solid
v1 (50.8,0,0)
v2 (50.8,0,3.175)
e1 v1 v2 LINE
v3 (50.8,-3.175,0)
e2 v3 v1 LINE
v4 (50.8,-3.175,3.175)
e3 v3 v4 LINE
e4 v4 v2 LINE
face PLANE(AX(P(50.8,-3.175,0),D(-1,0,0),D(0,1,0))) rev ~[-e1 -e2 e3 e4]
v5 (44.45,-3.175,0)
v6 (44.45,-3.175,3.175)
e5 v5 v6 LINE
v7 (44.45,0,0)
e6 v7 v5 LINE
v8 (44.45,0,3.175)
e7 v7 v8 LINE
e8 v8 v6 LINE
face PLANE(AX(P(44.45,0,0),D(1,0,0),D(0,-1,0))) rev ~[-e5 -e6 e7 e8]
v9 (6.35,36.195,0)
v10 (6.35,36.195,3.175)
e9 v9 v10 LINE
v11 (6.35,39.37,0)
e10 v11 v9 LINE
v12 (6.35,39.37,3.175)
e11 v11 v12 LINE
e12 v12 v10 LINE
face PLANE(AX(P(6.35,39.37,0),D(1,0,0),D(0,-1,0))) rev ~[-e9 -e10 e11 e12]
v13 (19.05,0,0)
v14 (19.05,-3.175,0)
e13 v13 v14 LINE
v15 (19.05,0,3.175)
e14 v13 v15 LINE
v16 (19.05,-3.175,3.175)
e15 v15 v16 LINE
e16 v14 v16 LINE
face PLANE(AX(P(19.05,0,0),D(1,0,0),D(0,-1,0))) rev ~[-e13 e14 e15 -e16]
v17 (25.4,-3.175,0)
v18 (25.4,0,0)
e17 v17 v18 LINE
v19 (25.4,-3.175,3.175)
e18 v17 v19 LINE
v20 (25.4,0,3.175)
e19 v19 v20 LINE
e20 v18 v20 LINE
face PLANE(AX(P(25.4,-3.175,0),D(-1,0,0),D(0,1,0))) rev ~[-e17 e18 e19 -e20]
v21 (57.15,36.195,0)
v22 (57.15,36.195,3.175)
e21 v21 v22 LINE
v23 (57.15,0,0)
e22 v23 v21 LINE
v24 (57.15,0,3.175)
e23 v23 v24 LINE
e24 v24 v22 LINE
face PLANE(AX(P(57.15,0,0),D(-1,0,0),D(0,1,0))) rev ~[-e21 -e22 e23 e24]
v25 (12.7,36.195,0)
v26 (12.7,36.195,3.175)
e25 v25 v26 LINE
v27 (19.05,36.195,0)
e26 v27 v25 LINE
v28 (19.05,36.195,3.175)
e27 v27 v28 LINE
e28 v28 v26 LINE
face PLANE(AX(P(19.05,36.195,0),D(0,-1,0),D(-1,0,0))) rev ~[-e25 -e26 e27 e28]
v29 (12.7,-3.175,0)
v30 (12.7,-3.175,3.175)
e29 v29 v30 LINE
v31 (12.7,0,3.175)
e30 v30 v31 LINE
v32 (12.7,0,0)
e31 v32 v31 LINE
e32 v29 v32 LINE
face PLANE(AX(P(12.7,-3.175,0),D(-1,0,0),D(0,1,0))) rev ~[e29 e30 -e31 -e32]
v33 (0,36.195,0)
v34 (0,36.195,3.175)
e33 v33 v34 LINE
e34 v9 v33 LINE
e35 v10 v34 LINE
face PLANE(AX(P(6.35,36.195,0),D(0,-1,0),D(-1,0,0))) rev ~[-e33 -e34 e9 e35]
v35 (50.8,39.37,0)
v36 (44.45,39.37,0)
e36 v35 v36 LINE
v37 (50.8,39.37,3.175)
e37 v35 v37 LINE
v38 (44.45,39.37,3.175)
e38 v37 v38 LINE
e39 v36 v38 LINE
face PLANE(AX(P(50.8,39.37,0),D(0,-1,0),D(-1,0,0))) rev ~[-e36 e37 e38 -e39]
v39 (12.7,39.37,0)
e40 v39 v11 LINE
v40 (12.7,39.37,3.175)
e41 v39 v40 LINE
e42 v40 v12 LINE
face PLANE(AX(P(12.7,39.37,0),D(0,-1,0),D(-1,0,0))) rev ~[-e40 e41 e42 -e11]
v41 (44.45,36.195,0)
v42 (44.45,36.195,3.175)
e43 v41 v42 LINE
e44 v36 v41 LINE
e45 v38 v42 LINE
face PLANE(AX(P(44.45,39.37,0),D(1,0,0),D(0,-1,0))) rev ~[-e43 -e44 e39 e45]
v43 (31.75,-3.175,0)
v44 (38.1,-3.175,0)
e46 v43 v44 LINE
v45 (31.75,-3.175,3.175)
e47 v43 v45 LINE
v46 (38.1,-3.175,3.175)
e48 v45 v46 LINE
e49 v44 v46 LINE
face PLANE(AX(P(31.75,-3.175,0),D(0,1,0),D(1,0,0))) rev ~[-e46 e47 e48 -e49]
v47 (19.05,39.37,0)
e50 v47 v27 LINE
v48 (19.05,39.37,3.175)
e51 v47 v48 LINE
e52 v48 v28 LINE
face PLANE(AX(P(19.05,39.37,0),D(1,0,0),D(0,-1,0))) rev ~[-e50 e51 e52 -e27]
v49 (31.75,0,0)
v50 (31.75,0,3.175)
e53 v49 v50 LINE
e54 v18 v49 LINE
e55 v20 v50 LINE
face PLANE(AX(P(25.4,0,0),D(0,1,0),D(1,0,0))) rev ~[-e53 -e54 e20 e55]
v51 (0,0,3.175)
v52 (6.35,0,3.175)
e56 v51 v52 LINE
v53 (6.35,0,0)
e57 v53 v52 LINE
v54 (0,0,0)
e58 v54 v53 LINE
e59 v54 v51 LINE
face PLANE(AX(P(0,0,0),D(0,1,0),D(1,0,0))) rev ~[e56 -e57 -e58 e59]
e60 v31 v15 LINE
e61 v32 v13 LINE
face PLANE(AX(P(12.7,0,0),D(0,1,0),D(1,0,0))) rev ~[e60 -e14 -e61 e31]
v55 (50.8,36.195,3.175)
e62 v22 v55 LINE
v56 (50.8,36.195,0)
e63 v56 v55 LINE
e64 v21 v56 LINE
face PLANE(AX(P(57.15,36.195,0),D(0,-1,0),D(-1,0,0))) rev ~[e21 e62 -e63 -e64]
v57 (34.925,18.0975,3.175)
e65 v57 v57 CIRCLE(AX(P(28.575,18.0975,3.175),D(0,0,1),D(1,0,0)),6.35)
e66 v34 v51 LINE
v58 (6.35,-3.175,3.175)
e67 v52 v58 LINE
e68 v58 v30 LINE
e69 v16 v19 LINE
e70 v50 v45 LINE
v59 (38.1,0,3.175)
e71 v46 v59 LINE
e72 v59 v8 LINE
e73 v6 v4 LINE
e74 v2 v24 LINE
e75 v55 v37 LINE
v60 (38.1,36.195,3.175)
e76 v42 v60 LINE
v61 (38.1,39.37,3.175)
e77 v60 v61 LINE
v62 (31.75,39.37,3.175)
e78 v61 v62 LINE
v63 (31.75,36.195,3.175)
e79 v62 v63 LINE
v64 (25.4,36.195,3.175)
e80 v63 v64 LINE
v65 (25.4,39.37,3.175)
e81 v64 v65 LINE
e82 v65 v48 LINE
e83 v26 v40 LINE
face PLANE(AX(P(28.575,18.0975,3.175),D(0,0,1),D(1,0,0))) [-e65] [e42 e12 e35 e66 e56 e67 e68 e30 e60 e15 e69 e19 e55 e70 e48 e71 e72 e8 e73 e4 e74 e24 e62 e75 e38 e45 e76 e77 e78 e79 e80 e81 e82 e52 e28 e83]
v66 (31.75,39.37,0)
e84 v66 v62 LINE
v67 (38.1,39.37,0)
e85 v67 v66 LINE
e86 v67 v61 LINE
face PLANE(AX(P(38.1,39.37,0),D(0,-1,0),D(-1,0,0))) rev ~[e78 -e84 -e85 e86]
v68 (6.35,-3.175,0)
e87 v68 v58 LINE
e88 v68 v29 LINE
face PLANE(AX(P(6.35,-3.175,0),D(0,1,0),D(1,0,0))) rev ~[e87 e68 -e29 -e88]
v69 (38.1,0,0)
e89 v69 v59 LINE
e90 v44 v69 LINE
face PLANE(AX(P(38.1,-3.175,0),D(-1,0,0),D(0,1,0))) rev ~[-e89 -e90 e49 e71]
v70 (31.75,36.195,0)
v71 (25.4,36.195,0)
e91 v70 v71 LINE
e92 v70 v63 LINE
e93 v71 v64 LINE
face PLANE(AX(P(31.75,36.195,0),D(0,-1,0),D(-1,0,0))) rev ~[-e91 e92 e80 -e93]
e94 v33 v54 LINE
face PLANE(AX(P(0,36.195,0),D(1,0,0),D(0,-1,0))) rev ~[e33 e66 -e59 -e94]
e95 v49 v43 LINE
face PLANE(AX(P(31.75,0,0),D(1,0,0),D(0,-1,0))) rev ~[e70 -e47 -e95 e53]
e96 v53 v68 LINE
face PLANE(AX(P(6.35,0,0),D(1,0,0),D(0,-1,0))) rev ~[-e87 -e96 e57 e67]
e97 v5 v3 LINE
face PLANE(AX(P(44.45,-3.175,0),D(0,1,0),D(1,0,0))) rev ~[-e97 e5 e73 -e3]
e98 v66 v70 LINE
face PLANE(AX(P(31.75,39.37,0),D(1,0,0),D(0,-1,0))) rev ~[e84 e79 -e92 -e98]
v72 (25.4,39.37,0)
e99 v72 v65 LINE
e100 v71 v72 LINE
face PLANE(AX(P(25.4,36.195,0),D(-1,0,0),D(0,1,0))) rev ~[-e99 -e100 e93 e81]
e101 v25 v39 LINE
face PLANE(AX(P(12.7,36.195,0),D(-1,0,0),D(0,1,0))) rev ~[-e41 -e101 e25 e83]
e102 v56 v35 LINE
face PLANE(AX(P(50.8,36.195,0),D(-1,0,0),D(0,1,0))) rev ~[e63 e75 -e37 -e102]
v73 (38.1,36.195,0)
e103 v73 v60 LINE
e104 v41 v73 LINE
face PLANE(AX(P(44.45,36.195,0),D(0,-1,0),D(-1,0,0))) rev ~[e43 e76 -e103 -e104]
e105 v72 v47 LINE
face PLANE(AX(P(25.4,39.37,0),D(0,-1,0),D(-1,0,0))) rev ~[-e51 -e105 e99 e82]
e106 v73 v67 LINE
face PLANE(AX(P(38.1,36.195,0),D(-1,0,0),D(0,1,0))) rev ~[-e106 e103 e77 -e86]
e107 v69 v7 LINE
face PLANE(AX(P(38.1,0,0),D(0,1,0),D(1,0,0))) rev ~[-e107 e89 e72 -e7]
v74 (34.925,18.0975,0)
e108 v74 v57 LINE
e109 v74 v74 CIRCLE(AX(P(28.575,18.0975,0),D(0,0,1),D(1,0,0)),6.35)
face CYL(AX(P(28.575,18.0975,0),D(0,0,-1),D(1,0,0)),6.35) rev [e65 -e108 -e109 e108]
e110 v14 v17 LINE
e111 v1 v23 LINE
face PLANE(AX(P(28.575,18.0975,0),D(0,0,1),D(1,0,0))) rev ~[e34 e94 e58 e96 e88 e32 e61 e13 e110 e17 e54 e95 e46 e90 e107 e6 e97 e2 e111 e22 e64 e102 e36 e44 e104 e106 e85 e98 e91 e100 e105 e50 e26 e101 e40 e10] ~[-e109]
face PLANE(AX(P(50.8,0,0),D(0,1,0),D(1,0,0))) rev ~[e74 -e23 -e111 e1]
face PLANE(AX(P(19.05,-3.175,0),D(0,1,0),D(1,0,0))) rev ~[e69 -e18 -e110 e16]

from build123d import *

# Parameters (mm, degrees)
SKETCH1_R           = 6.35
BOSS_EXTRUDE1_DEPTH = 3.175


with BuildPart() as part:
    # Sketch1 → Boss-Extrude1 (new body)
    with BuildSketch(Plane.XY):
        Polygon((6.35, 0), (6.35, -3.175), (12.7, -3.175), (12.7, 0), (19.05, 0), (19.05, -3.175), (25.4, -3.175), (25.4, 0), (31.75, 0), (31.75, -3.175), (38.1, -3.175), (38.1, 0), (44.45, 0), (44.45, -3.175), (50.8, -3.175), (50.8, 0), (57.15, 0), (57.15, 36.195), (50.8, 36.195), (50.8, 39.37), (44.45, 39.37), (44.45, 36.195), (38.1, 36.195), (38.1, 39.37), (31.75, 39.37), (31.75, 36.195), (25.4, 36.195), (25.4, 39.37), (19.05, 39.37), (19.05, 36.195), (12.7, 36.195), (12.7, 39.37), (6.35, 39.37), (6.35, 36.195), (0, 36.195), (0, 0), align=None)
        with Locations((28.575, 18.0975)):
            Circle(SKETCH1_R, mode=Mode.SUBTRACT)
    extrude(amount=BOSS_EXTRUDE1_DEPTH)


solid = part.part
